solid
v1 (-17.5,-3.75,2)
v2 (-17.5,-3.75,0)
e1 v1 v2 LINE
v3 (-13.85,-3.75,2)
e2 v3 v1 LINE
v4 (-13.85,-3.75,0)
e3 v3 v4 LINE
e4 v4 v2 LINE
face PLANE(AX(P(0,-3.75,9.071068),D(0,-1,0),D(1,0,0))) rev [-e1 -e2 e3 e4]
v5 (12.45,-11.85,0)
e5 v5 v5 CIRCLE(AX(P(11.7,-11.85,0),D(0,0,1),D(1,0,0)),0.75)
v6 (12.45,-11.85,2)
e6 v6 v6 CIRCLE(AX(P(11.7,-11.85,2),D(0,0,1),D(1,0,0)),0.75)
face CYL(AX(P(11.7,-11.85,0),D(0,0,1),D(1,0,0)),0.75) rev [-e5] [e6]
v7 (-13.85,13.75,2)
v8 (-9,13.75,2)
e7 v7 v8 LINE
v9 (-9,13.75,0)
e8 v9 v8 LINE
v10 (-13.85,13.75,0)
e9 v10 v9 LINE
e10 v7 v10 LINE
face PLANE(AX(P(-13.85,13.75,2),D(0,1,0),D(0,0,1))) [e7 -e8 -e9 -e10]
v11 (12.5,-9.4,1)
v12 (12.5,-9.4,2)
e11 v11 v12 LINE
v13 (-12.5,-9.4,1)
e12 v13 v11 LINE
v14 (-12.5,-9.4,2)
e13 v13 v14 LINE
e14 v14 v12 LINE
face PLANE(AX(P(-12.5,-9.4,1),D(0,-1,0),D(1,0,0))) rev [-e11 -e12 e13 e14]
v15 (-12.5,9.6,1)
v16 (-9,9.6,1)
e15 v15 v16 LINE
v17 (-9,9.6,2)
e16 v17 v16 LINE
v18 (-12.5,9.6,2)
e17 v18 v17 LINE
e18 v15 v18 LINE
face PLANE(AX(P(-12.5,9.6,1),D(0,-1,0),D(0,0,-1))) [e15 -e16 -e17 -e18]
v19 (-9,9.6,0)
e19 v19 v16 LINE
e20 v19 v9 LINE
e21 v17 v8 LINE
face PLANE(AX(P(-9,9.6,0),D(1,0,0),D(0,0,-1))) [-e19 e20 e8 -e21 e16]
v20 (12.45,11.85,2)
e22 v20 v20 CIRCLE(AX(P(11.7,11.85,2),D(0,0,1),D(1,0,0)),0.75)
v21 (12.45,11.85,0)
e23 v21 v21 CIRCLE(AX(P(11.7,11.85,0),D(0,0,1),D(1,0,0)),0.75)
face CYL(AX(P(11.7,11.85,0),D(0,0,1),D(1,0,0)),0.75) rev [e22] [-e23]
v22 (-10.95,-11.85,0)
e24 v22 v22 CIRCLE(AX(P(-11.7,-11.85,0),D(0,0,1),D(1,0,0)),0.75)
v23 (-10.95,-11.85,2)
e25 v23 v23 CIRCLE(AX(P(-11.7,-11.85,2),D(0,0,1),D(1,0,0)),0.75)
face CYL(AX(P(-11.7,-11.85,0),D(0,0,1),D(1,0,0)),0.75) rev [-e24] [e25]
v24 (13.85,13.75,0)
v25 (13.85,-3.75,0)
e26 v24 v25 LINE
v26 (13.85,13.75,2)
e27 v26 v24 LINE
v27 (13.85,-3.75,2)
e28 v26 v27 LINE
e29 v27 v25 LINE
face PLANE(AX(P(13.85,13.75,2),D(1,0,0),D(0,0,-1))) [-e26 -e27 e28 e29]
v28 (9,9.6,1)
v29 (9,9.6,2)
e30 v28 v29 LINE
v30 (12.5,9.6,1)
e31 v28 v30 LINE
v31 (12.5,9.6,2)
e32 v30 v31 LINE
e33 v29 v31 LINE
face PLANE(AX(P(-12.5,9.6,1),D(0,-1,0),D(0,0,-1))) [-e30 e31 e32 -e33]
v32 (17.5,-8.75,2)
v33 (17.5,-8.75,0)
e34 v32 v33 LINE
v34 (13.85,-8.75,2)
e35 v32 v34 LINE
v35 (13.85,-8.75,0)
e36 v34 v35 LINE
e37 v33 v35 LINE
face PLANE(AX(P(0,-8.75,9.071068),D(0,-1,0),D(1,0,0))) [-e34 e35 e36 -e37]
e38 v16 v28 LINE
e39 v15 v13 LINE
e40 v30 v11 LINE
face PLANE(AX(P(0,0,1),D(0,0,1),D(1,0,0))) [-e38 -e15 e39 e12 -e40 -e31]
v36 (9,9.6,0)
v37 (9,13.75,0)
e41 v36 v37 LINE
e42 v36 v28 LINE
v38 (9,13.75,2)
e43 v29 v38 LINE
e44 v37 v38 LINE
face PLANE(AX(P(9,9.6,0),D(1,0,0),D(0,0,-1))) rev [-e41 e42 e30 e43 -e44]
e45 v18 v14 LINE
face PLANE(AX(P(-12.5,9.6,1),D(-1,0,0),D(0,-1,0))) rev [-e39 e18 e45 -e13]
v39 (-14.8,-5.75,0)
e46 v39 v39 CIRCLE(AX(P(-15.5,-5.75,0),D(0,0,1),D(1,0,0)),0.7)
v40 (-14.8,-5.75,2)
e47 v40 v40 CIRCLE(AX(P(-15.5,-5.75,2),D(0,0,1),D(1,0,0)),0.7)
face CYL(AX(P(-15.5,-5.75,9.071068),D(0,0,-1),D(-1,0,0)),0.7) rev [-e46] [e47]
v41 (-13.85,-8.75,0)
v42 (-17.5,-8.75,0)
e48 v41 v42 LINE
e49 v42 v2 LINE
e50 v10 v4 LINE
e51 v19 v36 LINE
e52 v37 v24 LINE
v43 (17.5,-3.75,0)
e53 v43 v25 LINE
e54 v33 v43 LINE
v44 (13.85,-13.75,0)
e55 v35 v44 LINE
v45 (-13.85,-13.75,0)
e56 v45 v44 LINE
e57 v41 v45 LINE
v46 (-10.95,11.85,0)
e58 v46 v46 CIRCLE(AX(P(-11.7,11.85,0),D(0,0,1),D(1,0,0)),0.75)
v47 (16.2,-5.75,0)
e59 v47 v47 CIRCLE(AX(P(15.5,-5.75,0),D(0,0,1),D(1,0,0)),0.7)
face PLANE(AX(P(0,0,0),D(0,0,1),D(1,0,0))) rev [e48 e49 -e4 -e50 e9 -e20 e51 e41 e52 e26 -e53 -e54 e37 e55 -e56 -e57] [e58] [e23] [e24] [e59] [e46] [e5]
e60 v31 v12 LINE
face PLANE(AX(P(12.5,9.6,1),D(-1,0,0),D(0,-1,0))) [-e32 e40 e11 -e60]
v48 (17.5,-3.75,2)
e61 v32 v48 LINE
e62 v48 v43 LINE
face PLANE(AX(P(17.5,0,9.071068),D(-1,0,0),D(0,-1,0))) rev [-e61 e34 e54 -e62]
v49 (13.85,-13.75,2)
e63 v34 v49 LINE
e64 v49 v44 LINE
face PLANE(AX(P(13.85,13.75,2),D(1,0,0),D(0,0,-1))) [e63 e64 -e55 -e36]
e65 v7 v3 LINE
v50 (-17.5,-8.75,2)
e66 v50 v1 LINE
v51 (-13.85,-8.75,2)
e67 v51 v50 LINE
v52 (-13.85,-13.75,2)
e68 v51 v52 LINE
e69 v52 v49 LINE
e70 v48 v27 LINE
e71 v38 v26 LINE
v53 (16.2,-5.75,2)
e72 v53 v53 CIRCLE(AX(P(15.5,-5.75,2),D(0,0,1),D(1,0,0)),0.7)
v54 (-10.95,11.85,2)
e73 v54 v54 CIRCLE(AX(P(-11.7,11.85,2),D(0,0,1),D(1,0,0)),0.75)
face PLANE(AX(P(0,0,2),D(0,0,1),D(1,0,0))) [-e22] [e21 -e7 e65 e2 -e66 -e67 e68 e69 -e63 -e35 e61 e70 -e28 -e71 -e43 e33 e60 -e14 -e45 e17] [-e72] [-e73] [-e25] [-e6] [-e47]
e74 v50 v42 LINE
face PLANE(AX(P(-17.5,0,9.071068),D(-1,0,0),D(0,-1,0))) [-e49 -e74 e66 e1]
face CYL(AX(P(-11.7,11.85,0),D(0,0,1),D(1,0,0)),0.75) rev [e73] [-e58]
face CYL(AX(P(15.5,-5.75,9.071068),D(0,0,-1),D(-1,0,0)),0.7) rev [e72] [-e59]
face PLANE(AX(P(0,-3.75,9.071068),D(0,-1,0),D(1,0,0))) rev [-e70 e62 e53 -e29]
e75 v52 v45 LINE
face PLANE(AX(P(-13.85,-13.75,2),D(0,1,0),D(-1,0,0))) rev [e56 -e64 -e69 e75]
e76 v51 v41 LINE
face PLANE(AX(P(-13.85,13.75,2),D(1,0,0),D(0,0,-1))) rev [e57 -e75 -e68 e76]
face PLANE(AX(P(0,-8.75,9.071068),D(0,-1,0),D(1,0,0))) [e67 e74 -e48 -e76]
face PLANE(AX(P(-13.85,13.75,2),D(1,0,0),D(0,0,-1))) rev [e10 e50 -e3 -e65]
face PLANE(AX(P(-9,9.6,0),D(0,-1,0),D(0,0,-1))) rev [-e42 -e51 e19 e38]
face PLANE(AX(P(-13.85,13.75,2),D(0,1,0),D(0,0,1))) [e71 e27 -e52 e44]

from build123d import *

# Parameters (mm, degrees)
SKETCH_1_W          = 27.7
SKETCH_1_H          = 27.5
EXTRUDE_1_DEPTH     = 2
SKETCH_2_R          = 0.75
SKETCH_2_W          = 18
SKETCH_2_H          = 4.15
CUT_EXTRUDE_1_DEPTH = 20.61848618
SKETCH_2_3_W        = 25
SKETCH_2_3_H        = 19
CUT_EXTRUDE_2_DEPTH = 1
EXTRUDE_START       = -1
SKETCH_3_R          = 0.7
EXTRUDE_2_DEPTH     = 2


with BuildPart() as part:
    # 草图1 → 凸台-拉伸1 (new body)
    with BuildSketch(Plane.XY):
        Rectangle(SKETCH_1_W, SKETCH_1_H)
    extrude(amount=EXTRUDE_1_DEPTH)

    # 草图2 → 切除-拉伸1 (cut, through all)
    with BuildSketch(Plane.XY.offset(2)):
        with Locations((-11.7, 11.85)):
            Circle(SKETCH_2_R)
        with Locations((11.7, 11.85)):
            Circle(SKETCH_2_R)
        with Locations((-11.7, -11.85)):
            Circle(SKETCH_2_R)
        with Locations((11.7, -11.85)):
            Circle(SKETCH_2_R)
        with Locations((0, 11.675)):
            Rectangle(SKETCH_2_W, SKETCH_2_H)
    extrude(amount=-CUT_EXTRUDE_1_DEPTH, mode=Mode.SUBTRACT)

    # 草图2<3> → 切除-拉伸2 (cut)
    with BuildSketch(Plane.XY.offset(2)):
        with Locations((0, 0.1)):
            Rectangle(SKETCH_2_3_W, SKETCH_2_3_H)
    extrude(amount=-CUT_EXTRUDE_2_DEPTH, mode=Mode.SUBTRACT)

    # 草图3 → 凸台-拉伸2 (add)
    # profile 1 of 2: a face of its own
    with BuildSketch(Plane.XY.offset(1).offset(EXTRUDE_START)):
        Polygon((-17.5, -8.75), (-12.5, -8.75), (-12.5, -3.75), (-17.5, -3.75), (-17.5, -4.396520298), align=None)
        with Locations((-15.5, -5.75)):
            Circle(SKETCH_3_R, mode=Mode.SUBTRACT)
    # profile 2 of 2: a face of its own
    with BuildSketch(Plane.XY.offset(1).offset(EXTRUDE_START)):
        Polygon((12.5, -8.75), (17.5, -8.75), (17.5, -4.396520298), (17.5, -3.75), (12.5, -3.75), align=None)
        with Locations((15.5, -5.75)):
            Circle(SKETCH_3_R, mode=Mode.SUBTRACT)
    extrude(amount=EXTRUDE_2_DEPTH)


solid = part.part
